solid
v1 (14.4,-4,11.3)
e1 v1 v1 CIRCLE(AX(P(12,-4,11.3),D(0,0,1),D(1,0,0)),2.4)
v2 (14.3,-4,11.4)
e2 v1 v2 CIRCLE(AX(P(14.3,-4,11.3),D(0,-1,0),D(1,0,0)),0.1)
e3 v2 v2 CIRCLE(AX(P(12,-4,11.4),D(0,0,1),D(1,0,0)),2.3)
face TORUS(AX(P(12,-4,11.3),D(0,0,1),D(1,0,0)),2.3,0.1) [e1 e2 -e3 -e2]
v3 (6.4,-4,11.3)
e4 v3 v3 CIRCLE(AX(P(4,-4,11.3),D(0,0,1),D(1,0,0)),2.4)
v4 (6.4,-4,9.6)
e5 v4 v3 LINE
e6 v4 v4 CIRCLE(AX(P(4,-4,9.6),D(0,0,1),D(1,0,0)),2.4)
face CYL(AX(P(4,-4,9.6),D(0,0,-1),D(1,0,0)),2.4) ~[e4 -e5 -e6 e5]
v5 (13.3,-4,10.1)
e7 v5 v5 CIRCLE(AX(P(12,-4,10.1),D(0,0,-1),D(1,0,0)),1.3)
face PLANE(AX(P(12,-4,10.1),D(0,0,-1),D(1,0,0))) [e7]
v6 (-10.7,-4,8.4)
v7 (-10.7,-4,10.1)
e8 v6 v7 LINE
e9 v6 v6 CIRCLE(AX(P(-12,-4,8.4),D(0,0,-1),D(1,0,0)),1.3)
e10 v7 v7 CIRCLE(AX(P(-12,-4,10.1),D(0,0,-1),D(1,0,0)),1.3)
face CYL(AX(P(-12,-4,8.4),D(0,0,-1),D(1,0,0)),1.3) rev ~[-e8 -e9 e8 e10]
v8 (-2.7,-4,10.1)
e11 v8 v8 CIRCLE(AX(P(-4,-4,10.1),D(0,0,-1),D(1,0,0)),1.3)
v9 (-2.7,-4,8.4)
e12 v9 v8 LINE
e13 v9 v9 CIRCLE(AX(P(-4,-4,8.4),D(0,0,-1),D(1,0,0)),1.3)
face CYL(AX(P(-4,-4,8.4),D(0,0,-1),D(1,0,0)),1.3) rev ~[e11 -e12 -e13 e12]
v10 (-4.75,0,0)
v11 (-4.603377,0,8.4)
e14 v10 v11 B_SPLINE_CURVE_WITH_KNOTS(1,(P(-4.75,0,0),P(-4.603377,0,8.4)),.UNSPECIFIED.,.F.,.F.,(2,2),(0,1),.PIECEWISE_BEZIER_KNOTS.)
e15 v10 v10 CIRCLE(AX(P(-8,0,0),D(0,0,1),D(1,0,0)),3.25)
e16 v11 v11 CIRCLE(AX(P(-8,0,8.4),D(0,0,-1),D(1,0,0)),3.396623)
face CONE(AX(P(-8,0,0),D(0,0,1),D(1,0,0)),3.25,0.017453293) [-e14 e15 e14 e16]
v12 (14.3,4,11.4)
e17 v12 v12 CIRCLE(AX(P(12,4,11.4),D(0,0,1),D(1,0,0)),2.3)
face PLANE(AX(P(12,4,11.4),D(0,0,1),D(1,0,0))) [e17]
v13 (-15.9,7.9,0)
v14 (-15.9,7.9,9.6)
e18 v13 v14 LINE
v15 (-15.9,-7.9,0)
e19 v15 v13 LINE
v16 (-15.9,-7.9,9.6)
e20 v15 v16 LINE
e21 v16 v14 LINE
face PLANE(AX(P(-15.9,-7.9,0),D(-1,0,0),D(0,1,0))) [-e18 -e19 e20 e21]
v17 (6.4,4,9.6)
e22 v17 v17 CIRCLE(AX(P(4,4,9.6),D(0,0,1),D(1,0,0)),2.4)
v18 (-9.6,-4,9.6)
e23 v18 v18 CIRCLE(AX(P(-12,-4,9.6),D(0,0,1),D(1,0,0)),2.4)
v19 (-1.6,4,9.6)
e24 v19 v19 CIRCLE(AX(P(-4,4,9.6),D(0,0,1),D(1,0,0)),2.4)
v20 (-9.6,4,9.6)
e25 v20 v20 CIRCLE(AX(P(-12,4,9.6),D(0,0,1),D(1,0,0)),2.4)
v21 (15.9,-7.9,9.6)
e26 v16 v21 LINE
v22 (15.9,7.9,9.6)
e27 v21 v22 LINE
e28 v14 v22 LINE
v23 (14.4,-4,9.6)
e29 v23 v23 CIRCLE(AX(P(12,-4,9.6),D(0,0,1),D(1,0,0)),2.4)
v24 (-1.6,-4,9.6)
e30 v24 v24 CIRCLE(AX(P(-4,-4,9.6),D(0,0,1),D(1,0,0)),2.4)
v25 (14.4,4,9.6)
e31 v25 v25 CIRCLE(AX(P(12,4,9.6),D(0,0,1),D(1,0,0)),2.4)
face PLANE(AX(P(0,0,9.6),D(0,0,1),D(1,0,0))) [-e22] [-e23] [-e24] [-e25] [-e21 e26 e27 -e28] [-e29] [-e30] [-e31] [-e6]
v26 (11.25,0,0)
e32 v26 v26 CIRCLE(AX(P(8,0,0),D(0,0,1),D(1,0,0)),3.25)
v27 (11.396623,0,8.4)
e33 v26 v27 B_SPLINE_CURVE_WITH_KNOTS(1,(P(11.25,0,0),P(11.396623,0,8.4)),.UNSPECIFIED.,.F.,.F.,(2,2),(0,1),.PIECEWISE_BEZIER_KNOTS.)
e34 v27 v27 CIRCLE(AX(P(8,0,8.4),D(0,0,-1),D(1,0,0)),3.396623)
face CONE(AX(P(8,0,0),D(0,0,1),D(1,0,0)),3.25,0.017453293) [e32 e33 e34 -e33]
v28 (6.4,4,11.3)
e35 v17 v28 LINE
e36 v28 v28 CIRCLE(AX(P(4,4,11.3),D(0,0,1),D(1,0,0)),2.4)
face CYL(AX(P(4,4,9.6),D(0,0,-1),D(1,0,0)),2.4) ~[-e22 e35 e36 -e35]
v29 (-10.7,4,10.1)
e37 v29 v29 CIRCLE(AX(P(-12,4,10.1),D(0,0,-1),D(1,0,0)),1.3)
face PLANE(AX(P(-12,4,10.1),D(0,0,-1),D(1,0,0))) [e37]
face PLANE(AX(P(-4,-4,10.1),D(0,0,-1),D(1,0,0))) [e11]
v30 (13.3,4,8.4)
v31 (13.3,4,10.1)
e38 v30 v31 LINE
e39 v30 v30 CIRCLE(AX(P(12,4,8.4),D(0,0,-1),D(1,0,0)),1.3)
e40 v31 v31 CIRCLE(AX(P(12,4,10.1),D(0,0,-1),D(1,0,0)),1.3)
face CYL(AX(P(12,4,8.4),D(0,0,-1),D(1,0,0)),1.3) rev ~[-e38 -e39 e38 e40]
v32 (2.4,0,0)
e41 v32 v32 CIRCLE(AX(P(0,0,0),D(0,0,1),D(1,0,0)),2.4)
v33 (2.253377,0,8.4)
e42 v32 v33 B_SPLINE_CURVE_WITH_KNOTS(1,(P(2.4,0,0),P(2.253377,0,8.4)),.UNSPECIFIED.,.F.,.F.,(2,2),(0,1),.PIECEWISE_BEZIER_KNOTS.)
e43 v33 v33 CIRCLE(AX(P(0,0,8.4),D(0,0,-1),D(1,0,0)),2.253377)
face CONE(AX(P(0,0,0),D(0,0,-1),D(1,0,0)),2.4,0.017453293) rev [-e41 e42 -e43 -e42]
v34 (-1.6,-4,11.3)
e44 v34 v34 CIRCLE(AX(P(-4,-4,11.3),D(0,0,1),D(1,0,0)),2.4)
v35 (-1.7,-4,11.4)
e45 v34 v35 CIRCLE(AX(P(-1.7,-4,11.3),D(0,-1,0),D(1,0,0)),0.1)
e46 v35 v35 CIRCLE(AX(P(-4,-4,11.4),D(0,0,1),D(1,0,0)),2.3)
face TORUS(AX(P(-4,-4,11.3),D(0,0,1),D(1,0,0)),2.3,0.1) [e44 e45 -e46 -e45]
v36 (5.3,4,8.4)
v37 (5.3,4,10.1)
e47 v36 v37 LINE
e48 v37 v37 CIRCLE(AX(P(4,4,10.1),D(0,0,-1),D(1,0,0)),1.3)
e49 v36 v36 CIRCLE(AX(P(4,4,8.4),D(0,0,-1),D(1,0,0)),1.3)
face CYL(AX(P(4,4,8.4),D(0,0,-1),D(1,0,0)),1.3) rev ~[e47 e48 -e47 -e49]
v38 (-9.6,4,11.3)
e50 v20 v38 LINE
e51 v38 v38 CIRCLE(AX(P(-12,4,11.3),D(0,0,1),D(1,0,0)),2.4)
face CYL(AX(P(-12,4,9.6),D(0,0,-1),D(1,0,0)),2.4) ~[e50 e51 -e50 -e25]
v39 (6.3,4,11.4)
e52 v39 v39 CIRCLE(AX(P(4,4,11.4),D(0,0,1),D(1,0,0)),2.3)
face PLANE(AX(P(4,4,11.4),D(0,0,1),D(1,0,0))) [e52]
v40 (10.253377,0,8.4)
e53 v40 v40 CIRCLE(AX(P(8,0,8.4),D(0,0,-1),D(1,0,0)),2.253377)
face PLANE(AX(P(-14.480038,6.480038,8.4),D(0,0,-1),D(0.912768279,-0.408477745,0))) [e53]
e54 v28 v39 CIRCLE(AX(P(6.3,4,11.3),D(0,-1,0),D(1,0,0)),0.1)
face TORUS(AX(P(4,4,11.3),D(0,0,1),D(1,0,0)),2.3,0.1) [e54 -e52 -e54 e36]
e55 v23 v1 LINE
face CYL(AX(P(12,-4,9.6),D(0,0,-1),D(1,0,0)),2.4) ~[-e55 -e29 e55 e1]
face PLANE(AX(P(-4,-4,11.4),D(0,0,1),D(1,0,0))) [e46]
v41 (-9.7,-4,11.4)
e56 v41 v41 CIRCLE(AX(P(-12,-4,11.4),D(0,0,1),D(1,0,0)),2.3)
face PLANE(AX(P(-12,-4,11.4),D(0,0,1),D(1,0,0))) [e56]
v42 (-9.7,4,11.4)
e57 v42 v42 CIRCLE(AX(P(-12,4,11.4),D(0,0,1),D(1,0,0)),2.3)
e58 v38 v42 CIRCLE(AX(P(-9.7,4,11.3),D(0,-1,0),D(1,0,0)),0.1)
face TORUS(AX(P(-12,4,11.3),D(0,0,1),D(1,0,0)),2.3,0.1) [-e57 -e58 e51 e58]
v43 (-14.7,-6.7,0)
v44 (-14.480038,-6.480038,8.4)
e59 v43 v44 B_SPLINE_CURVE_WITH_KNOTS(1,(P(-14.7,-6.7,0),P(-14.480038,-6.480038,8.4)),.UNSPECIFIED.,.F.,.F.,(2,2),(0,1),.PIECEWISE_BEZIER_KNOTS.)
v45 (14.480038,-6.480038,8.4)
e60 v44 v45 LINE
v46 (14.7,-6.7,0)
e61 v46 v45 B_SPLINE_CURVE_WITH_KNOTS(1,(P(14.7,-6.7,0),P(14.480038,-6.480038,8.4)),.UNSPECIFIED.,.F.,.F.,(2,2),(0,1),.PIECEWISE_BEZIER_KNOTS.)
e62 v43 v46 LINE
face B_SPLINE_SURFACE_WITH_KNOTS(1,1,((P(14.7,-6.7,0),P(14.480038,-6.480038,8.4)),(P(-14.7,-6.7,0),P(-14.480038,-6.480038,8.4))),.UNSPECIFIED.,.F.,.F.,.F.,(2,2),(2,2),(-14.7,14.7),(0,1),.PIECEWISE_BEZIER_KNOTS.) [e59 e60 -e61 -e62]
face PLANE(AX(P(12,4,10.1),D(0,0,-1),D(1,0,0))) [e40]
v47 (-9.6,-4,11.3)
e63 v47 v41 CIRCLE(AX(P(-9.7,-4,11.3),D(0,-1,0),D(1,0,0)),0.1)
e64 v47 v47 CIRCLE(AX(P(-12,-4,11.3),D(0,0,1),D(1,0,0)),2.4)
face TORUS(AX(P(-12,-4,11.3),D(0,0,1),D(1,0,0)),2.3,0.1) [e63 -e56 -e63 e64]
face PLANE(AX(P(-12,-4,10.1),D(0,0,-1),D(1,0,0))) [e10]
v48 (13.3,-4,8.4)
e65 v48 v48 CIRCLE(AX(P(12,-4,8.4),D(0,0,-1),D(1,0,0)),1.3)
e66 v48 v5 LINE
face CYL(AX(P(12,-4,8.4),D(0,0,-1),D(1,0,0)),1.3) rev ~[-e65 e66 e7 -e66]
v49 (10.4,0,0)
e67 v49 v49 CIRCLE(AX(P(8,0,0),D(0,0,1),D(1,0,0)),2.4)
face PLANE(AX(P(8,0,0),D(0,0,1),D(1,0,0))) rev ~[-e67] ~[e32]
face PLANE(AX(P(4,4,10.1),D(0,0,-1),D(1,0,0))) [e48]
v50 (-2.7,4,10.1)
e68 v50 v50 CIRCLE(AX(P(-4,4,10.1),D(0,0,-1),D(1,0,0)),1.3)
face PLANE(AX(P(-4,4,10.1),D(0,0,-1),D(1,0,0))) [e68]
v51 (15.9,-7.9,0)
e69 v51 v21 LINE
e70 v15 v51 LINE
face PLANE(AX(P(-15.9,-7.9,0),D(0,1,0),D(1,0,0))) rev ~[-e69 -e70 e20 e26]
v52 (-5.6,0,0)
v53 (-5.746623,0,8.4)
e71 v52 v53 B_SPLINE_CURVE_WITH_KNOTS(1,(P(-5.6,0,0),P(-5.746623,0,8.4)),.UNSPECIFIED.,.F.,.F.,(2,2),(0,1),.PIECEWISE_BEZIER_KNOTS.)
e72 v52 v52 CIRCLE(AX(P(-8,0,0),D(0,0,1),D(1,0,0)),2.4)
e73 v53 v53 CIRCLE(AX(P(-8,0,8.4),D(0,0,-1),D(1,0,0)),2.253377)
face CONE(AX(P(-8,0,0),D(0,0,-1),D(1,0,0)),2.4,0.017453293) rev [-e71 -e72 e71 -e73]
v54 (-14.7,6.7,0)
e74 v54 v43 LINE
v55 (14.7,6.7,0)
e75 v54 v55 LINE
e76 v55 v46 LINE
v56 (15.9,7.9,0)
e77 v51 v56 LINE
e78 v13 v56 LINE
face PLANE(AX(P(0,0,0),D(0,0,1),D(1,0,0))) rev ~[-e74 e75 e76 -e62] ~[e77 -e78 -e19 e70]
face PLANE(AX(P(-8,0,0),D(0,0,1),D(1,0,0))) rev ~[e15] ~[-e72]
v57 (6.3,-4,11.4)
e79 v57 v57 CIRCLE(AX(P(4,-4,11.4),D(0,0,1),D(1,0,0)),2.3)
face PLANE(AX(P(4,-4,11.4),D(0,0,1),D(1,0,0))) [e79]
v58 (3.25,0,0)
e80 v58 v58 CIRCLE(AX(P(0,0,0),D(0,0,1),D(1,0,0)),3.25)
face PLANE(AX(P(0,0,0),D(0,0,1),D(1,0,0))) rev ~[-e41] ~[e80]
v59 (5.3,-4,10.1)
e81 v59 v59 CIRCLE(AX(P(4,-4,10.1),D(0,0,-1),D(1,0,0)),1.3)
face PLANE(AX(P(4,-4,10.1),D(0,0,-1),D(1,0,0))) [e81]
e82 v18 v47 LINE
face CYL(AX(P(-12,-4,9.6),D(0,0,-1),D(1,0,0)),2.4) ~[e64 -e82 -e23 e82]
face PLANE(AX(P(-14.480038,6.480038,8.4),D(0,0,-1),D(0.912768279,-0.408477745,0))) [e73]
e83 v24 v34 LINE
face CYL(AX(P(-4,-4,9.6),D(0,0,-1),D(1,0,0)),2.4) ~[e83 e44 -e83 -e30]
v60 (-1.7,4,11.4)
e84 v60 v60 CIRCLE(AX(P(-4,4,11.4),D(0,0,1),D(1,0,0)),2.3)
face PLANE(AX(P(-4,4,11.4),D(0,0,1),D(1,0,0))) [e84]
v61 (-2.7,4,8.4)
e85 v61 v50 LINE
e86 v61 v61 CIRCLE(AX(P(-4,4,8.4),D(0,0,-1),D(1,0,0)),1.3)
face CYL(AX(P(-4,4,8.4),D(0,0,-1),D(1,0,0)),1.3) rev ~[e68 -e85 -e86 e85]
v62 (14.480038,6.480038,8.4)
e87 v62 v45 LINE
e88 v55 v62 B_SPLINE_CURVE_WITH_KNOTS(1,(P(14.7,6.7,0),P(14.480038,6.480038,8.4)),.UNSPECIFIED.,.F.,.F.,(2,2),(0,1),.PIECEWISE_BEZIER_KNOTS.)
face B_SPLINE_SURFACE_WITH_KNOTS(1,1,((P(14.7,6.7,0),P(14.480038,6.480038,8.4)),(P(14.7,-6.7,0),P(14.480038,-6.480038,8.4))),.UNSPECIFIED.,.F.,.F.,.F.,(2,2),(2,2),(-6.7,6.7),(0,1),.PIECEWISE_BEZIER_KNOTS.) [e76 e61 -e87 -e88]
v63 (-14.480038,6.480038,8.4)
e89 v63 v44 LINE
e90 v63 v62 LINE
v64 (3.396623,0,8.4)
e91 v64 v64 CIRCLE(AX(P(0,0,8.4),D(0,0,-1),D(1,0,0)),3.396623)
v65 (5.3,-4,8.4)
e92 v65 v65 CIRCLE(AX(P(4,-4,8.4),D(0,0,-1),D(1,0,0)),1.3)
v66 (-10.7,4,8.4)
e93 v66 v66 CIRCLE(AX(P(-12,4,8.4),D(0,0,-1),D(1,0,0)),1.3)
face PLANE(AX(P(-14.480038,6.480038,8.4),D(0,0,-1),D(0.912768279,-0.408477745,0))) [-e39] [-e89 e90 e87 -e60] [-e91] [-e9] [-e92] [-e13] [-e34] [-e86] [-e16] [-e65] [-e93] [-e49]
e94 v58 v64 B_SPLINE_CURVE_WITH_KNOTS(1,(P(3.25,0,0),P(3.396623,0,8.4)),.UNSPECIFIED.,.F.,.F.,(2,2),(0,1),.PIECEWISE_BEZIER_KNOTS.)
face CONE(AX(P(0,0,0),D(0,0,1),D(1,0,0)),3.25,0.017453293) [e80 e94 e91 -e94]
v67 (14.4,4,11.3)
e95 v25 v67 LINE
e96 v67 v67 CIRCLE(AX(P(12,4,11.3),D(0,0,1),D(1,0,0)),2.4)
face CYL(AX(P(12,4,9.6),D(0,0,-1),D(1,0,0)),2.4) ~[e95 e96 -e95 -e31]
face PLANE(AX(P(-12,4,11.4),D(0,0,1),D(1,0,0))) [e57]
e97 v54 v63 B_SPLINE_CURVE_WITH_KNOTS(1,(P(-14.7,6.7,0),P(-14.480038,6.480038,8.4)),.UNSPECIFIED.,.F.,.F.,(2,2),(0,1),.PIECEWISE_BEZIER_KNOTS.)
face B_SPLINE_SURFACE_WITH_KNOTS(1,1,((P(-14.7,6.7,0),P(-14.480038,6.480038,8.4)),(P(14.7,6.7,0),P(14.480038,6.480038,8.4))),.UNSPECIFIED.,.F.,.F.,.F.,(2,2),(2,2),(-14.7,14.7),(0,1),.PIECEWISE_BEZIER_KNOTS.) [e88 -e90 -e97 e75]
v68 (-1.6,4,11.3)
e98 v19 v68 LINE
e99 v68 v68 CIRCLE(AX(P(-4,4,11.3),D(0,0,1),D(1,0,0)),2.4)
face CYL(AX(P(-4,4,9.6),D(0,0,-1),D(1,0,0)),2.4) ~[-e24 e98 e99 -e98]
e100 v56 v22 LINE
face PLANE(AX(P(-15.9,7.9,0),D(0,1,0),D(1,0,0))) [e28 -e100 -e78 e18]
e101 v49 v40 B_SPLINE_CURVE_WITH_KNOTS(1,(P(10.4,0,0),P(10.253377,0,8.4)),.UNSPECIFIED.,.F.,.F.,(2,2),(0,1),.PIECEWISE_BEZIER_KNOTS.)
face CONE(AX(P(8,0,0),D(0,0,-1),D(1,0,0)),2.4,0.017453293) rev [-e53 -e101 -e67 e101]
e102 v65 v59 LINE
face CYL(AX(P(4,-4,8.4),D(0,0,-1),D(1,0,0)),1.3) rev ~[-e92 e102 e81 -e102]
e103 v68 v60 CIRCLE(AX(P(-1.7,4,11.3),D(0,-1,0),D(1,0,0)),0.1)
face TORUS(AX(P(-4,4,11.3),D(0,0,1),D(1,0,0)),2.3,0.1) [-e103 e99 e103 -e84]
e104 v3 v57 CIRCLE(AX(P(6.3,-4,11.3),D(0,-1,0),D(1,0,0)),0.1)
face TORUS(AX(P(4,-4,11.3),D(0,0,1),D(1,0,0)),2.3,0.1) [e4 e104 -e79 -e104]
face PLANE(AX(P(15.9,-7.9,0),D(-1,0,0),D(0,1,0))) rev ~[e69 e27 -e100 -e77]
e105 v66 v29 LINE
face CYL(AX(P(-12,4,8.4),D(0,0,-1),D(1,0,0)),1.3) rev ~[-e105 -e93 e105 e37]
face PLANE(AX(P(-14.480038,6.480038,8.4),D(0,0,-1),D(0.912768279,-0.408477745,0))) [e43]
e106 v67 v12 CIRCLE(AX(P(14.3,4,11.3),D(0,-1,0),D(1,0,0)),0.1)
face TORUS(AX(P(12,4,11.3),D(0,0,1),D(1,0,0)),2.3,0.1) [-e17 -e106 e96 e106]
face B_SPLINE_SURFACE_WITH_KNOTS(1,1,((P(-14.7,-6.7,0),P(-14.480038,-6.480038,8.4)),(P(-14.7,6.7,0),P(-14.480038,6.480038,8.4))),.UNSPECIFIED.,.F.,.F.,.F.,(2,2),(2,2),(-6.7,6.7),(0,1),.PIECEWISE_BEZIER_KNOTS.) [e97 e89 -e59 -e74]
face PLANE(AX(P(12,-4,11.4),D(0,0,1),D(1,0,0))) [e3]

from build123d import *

# Parameters (mm, degrees)
F0_W      = 31.8
F0_H      = 15.8
F1_DEPTH  = 9.6
F3_R      = 2.4
F4_DEPTH  = 1.8
F5_W      = 29.4
F5_H      = 13.4
F6_DEPTH  = 8.4
F6_TAPER  = 1.5
F7_R      = 1.3
F8_DEPTH  = 1.7
F9_R      = 3.25
F9_R_2    = 2.4
F10_DEPTH = 8.4
F10_TAPER = -1
F11_R     = 0.1


with BuildPart() as f1:
    # F0 (on Top) → F1 (new body)
    with BuildSketch(Plane.XY):
        Rectangle(F0_W, F0_H)
    extrude(amount=F1_DEPTH)

    # F3 (on offset) → F4 (join)
    with BuildSketch(Plane.XY.offset(9.6)):
        with Locations((-12, 4)):
            Circle(F3_R)
        with Locations((-4, 4)):
            Circle(F3_R)
        with Locations((4, 4)):
            Circle(F3_R)
        with Locations((12, 4)):
            Circle(F3_R)
        with Locations((-12, -4)):
            Circle(F3_R)
        with Locations((-4, -4)):
            Circle(F3_R)
        with Locations((4, -4)):
            Circle(F3_R)
        with Locations((12, -4)):
            Circle(F3_R)
    extrude(amount=F4_DEPTH)

    # F5 (on face) → F6 (cut)
    with BuildSketch(Plane(origin=(0, 0, 0), x_dir=(1, 0, 0), z_dir=(0, 0, -1))):
        Rectangle(F5_W, F5_H)
    extrude(amount=-F6_DEPTH, taper=F6_TAPER, mode=Mode.SUBTRACT)

    # F7 (on face) → F8 (cut)
    with BuildSketch(Plane(origin=(0, 0, 8.4), x_dir=(1, 0, 0), z_dir=(0, 0, -1))):
        with Locations((-12, 4)):
            Circle(F7_R)
        with Locations((-4, 4)):
            Circle(F7_R)
        with Locations((4, 4)):
            Circle(F7_R)
        with Locations((12, 4)):
            Circle(F7_R)
        with Locations((12, -4)):
            Circle(F7_R)
        with Locations((4, -4)):
            Circle(F7_R)
        with Locations((-4, -4)):
            Circle(F7_R)
        with Locations((-12, -4)):
            Circle(F7_R)
    extrude(amount=-F8_DEPTH, mode=Mode.SUBTRACT)

    # F9 (on Top) → F10 (join, through all)
    with BuildSketch(Plane.XY):
        with Locations((-8, 0)):
            Circle(F9_R)
        with Locations((-8, 0)):
            Circle(F9_R_2, mode=Mode.SUBTRACT)
        Circle(F9_R)
        Circle(F9_R_2, mode=Mode.SUBTRACT)
        with Locations((8, 0)):
            Circle(F9_R)
        with Locations((8, 0)):
            Circle(F9_R_2, mode=Mode.SUBTRACT)
    extrude(amount=F10_DEPTH, taper=F10_TAPER)

    # F11
    f11_edges = [f1.edges().sort_by_distance(p)[0] for p in [
        (9.6, 4, 11.4),
        (9.6, -4, 11.4),
        (1.6, -4, 11.4),
        (1.6, 4, 11.4),
        (-6.4, -4, 11.4),
        (-6.4, 4, 11.4),
        (-14.4, -4, 11.4),
        (-14.4, 4, 11.4),
    ]]
    fillet(f11_edges, radius=F11_R)


solid = f1.part
